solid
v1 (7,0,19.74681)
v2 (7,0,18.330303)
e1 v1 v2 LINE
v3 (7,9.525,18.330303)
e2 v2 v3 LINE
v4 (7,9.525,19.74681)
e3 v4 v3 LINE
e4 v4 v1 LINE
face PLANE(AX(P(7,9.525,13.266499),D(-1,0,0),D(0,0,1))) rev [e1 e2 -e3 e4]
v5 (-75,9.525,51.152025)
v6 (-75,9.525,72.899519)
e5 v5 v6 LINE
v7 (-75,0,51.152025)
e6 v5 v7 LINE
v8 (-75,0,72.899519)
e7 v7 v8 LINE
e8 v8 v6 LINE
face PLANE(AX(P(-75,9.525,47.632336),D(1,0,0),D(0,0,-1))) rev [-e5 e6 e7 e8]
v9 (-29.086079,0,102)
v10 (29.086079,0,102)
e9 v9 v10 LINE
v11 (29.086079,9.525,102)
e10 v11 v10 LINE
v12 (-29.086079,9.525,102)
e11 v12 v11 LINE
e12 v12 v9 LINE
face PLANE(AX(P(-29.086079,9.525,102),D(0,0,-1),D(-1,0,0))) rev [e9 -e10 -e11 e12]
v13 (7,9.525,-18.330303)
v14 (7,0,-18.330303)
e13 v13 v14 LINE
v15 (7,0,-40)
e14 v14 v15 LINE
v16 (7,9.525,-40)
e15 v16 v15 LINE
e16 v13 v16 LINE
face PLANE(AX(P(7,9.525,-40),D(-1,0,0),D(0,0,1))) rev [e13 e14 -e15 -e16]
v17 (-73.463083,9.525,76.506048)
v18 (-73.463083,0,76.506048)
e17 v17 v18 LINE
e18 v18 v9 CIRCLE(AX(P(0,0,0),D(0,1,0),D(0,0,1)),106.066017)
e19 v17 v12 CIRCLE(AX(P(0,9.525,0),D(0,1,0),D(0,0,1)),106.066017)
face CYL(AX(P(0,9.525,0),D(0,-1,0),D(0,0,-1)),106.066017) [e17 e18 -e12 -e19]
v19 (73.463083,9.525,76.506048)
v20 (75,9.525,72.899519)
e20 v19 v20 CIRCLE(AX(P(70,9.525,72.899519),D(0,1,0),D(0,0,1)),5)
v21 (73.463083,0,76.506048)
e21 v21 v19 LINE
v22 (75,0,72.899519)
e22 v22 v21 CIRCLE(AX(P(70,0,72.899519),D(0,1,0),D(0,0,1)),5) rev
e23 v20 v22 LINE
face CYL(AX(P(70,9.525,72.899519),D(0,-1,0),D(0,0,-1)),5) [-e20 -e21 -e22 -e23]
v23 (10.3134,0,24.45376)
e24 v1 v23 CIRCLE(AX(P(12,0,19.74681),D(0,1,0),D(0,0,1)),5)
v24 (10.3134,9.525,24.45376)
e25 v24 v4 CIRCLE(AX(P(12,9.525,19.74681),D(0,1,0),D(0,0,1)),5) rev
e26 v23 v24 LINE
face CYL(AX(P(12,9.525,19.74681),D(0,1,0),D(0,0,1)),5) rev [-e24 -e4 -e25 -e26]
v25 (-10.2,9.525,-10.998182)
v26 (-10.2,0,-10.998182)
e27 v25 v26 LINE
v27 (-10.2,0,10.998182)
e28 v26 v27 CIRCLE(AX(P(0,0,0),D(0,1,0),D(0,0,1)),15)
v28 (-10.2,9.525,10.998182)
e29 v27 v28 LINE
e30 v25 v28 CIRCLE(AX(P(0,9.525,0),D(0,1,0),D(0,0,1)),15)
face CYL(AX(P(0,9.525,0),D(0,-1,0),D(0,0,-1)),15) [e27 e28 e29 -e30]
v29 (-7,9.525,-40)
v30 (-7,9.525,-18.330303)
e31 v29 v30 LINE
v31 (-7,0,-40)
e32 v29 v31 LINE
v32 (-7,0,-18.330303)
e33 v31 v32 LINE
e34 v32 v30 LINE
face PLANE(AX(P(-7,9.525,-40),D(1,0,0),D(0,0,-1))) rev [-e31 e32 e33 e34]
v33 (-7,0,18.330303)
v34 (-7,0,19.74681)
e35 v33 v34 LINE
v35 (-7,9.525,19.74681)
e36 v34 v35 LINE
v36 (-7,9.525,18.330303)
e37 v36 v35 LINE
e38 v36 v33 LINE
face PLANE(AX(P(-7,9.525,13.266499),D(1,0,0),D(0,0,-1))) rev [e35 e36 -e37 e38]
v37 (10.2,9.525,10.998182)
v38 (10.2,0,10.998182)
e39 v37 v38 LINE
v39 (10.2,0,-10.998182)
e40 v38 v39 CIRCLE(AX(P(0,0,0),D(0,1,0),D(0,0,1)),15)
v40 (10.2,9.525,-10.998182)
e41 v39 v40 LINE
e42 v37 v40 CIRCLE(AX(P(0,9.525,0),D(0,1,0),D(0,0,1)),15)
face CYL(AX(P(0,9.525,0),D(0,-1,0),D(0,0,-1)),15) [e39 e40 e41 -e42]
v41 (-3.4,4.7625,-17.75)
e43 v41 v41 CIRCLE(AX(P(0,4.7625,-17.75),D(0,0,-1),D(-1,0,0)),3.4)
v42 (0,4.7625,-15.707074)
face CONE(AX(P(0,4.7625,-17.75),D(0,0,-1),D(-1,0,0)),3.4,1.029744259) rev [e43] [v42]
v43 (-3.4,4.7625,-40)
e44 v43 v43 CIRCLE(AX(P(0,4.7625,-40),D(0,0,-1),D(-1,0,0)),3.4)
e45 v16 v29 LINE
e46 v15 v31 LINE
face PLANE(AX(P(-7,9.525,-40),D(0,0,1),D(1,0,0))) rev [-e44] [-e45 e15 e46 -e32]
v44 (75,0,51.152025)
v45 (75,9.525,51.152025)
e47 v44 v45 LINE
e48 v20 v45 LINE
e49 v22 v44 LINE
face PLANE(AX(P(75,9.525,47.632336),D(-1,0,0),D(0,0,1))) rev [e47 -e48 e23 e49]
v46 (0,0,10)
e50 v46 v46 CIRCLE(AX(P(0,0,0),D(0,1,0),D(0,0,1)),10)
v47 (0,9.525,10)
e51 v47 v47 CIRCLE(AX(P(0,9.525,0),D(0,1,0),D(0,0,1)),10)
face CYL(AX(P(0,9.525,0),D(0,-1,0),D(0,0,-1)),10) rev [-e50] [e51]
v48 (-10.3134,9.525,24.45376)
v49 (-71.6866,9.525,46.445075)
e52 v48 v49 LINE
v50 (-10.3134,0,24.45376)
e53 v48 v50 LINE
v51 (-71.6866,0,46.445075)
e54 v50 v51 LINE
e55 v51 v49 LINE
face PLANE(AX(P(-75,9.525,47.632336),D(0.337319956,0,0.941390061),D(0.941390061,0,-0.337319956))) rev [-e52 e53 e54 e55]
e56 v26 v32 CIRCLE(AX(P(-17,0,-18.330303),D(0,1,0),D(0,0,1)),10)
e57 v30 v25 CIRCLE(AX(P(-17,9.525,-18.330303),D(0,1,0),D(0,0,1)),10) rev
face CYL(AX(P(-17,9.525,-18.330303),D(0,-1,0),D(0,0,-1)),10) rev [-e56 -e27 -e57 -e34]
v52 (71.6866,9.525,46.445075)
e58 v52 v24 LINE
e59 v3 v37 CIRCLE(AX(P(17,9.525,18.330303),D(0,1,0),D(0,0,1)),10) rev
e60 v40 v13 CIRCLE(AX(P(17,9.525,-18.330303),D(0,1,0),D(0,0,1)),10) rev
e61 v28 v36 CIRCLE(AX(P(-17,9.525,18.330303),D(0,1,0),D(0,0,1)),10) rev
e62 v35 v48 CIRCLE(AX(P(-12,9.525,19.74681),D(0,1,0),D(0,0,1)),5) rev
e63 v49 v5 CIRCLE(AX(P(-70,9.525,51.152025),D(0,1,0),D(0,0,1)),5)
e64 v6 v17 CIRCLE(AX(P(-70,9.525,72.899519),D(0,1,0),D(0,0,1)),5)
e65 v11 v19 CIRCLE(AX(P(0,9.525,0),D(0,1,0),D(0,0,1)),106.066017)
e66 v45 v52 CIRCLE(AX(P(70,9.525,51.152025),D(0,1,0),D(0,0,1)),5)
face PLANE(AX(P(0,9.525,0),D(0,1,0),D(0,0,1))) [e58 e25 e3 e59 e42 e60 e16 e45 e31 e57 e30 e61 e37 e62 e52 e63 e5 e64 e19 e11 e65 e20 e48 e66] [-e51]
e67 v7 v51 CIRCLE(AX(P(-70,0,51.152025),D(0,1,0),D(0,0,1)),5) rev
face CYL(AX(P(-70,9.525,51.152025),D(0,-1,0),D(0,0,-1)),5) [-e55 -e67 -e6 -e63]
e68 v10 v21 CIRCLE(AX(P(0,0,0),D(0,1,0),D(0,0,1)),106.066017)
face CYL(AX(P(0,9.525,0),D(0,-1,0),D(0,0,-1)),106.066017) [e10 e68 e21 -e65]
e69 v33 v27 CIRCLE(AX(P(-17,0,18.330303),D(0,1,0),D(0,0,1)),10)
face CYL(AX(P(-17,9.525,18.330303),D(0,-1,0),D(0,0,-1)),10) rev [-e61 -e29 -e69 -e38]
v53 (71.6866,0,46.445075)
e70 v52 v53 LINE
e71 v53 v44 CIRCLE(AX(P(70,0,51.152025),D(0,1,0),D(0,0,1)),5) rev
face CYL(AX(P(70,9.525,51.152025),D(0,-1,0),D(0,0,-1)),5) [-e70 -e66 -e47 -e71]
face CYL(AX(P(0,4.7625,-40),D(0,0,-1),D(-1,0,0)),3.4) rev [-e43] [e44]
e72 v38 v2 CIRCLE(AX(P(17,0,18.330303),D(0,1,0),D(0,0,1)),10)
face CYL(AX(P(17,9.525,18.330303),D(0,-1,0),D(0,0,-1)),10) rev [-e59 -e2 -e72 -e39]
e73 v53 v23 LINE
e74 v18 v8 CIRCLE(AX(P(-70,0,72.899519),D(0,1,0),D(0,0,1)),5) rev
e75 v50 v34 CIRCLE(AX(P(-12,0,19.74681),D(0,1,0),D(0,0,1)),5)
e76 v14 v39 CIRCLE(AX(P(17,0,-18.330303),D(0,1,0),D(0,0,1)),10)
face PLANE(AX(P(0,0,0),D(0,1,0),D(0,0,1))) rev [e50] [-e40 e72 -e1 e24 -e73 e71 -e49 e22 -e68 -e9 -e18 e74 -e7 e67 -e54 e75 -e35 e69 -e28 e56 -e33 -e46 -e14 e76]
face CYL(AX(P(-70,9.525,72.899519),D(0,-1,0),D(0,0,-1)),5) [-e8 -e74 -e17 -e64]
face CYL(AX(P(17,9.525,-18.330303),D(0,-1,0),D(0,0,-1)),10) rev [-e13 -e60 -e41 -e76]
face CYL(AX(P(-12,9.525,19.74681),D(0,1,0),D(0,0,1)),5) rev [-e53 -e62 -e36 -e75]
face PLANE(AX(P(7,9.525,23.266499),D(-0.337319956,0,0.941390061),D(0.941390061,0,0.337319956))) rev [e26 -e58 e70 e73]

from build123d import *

# Parameters (mm, degrees)
SKETCH1_R                  = 10
BOSS_EXTRUDE1_DEPTH        = 9.525
FILLET1_R                  = 10
FILLET2_R                  = 5
M8X1_25_TAPPED_HOLE1_D     = 6.8
M8X1_25_TAPPED_HOLE1_DEPTH = 22.25
M8X1_25_TAPPED_HOLE1_TIP   = 2.042926105


with BuildPart() as part:
    # Sketch1 → Boss-Extrude1 (new body)
    with BuildSketch(Plane(origin=(0, 0, 0), x_dir=(1, 0, 0), z_dir=(0, 1, 0))):
        with BuildLine():
            Line((-7, 40), (7, 40))
            Line((7, 40), (7, 13.266499161))
            ThreePointArc((7, 13.266499161), (15, 0), (7, -13.266499161))
            Line((7, -13.266499161), (7, -23.266499161))
            Line((7, -23.266499161), (75, -47.63233641))
            Line((75, -47.63233641), (75, -75))
            ThreePointArc((75, -75), (53.765490493, -91.429054638), (29.086079144, -102))
            Line((29.086079144, -102), (-29.086079144, -102))
            ThreePointArc((-29.086079144, -102), (-53.765490493, -91.429054638), (-75, -75))
            Line((-75, -75), (-75, -47.63233641))
            Line((-75, -47.63233641), (-7, -23.266499161))
            Line((-7, -23.266499161), (-7, -13.266499161))
            ThreePointArc((-7, -13.266499161), (-15, 0), (-7, 13.266499161))
            Line((-7, 13.266499161), (-7, 40))
        make_face()
        Circle(SKETCH1_R, mode=Mode.SUBTRACT)
    extrude(amount=BOSS_EXTRUDE1_DEPTH)

    # Fillet1
    fillet1_edges = [part.edges().sort_by_distance(p)[0] for p in [
        (7, 4.7625, -13.266499161),
        (7, 4.7625, 13.266499161),
        (-7, 4.7625, 13.266499161),
        (-7, 4.7625, -13.266499161),
    ]]
    fillet(fillet1_edges, radius=FILLET1_R)

    # Fillet2
    fillet2_edges = [part.edges().sort_by_distance(p)[0] for p in [
        (7, 4.7625, 23.266499161),
        (75, 4.7625, 47.63233641),
        (75, 4.7625, 75),
        (-75, 4.7625, 75),
        (-75, 4.7625, 47.63233641),
        (-7, 4.7625, 23.266499161),
    ]]
    fillet(fillet2_edges, radius=FILLET2_R)

    # M8x1.25 Tapped Hole1
    with Locations(Plane(origin=(0, 0, -40), x_dir=(-1, 0, 0), z_dir=(0, 0, -1))):
        with Locations((0, 4.7625)):
            Hole(M8X1_25_TAPPED_HOLE1_D / 2, depth=M8X1_25_TAPPED_HOLE1_DEPTH)
            with Locations((0, 0, -(M8X1_25_TAPPED_HOLE1_DEPTH + M8X1_25_TAPPED_HOLE1_TIP / 2))):  # 118° drill point
                Cone(0, M8X1_25_TAPPED_HOLE1_D / 2, M8X1_25_TAPPED_HOLE1_TIP, mode=Mode.SUBTRACT)


solid = part.part
